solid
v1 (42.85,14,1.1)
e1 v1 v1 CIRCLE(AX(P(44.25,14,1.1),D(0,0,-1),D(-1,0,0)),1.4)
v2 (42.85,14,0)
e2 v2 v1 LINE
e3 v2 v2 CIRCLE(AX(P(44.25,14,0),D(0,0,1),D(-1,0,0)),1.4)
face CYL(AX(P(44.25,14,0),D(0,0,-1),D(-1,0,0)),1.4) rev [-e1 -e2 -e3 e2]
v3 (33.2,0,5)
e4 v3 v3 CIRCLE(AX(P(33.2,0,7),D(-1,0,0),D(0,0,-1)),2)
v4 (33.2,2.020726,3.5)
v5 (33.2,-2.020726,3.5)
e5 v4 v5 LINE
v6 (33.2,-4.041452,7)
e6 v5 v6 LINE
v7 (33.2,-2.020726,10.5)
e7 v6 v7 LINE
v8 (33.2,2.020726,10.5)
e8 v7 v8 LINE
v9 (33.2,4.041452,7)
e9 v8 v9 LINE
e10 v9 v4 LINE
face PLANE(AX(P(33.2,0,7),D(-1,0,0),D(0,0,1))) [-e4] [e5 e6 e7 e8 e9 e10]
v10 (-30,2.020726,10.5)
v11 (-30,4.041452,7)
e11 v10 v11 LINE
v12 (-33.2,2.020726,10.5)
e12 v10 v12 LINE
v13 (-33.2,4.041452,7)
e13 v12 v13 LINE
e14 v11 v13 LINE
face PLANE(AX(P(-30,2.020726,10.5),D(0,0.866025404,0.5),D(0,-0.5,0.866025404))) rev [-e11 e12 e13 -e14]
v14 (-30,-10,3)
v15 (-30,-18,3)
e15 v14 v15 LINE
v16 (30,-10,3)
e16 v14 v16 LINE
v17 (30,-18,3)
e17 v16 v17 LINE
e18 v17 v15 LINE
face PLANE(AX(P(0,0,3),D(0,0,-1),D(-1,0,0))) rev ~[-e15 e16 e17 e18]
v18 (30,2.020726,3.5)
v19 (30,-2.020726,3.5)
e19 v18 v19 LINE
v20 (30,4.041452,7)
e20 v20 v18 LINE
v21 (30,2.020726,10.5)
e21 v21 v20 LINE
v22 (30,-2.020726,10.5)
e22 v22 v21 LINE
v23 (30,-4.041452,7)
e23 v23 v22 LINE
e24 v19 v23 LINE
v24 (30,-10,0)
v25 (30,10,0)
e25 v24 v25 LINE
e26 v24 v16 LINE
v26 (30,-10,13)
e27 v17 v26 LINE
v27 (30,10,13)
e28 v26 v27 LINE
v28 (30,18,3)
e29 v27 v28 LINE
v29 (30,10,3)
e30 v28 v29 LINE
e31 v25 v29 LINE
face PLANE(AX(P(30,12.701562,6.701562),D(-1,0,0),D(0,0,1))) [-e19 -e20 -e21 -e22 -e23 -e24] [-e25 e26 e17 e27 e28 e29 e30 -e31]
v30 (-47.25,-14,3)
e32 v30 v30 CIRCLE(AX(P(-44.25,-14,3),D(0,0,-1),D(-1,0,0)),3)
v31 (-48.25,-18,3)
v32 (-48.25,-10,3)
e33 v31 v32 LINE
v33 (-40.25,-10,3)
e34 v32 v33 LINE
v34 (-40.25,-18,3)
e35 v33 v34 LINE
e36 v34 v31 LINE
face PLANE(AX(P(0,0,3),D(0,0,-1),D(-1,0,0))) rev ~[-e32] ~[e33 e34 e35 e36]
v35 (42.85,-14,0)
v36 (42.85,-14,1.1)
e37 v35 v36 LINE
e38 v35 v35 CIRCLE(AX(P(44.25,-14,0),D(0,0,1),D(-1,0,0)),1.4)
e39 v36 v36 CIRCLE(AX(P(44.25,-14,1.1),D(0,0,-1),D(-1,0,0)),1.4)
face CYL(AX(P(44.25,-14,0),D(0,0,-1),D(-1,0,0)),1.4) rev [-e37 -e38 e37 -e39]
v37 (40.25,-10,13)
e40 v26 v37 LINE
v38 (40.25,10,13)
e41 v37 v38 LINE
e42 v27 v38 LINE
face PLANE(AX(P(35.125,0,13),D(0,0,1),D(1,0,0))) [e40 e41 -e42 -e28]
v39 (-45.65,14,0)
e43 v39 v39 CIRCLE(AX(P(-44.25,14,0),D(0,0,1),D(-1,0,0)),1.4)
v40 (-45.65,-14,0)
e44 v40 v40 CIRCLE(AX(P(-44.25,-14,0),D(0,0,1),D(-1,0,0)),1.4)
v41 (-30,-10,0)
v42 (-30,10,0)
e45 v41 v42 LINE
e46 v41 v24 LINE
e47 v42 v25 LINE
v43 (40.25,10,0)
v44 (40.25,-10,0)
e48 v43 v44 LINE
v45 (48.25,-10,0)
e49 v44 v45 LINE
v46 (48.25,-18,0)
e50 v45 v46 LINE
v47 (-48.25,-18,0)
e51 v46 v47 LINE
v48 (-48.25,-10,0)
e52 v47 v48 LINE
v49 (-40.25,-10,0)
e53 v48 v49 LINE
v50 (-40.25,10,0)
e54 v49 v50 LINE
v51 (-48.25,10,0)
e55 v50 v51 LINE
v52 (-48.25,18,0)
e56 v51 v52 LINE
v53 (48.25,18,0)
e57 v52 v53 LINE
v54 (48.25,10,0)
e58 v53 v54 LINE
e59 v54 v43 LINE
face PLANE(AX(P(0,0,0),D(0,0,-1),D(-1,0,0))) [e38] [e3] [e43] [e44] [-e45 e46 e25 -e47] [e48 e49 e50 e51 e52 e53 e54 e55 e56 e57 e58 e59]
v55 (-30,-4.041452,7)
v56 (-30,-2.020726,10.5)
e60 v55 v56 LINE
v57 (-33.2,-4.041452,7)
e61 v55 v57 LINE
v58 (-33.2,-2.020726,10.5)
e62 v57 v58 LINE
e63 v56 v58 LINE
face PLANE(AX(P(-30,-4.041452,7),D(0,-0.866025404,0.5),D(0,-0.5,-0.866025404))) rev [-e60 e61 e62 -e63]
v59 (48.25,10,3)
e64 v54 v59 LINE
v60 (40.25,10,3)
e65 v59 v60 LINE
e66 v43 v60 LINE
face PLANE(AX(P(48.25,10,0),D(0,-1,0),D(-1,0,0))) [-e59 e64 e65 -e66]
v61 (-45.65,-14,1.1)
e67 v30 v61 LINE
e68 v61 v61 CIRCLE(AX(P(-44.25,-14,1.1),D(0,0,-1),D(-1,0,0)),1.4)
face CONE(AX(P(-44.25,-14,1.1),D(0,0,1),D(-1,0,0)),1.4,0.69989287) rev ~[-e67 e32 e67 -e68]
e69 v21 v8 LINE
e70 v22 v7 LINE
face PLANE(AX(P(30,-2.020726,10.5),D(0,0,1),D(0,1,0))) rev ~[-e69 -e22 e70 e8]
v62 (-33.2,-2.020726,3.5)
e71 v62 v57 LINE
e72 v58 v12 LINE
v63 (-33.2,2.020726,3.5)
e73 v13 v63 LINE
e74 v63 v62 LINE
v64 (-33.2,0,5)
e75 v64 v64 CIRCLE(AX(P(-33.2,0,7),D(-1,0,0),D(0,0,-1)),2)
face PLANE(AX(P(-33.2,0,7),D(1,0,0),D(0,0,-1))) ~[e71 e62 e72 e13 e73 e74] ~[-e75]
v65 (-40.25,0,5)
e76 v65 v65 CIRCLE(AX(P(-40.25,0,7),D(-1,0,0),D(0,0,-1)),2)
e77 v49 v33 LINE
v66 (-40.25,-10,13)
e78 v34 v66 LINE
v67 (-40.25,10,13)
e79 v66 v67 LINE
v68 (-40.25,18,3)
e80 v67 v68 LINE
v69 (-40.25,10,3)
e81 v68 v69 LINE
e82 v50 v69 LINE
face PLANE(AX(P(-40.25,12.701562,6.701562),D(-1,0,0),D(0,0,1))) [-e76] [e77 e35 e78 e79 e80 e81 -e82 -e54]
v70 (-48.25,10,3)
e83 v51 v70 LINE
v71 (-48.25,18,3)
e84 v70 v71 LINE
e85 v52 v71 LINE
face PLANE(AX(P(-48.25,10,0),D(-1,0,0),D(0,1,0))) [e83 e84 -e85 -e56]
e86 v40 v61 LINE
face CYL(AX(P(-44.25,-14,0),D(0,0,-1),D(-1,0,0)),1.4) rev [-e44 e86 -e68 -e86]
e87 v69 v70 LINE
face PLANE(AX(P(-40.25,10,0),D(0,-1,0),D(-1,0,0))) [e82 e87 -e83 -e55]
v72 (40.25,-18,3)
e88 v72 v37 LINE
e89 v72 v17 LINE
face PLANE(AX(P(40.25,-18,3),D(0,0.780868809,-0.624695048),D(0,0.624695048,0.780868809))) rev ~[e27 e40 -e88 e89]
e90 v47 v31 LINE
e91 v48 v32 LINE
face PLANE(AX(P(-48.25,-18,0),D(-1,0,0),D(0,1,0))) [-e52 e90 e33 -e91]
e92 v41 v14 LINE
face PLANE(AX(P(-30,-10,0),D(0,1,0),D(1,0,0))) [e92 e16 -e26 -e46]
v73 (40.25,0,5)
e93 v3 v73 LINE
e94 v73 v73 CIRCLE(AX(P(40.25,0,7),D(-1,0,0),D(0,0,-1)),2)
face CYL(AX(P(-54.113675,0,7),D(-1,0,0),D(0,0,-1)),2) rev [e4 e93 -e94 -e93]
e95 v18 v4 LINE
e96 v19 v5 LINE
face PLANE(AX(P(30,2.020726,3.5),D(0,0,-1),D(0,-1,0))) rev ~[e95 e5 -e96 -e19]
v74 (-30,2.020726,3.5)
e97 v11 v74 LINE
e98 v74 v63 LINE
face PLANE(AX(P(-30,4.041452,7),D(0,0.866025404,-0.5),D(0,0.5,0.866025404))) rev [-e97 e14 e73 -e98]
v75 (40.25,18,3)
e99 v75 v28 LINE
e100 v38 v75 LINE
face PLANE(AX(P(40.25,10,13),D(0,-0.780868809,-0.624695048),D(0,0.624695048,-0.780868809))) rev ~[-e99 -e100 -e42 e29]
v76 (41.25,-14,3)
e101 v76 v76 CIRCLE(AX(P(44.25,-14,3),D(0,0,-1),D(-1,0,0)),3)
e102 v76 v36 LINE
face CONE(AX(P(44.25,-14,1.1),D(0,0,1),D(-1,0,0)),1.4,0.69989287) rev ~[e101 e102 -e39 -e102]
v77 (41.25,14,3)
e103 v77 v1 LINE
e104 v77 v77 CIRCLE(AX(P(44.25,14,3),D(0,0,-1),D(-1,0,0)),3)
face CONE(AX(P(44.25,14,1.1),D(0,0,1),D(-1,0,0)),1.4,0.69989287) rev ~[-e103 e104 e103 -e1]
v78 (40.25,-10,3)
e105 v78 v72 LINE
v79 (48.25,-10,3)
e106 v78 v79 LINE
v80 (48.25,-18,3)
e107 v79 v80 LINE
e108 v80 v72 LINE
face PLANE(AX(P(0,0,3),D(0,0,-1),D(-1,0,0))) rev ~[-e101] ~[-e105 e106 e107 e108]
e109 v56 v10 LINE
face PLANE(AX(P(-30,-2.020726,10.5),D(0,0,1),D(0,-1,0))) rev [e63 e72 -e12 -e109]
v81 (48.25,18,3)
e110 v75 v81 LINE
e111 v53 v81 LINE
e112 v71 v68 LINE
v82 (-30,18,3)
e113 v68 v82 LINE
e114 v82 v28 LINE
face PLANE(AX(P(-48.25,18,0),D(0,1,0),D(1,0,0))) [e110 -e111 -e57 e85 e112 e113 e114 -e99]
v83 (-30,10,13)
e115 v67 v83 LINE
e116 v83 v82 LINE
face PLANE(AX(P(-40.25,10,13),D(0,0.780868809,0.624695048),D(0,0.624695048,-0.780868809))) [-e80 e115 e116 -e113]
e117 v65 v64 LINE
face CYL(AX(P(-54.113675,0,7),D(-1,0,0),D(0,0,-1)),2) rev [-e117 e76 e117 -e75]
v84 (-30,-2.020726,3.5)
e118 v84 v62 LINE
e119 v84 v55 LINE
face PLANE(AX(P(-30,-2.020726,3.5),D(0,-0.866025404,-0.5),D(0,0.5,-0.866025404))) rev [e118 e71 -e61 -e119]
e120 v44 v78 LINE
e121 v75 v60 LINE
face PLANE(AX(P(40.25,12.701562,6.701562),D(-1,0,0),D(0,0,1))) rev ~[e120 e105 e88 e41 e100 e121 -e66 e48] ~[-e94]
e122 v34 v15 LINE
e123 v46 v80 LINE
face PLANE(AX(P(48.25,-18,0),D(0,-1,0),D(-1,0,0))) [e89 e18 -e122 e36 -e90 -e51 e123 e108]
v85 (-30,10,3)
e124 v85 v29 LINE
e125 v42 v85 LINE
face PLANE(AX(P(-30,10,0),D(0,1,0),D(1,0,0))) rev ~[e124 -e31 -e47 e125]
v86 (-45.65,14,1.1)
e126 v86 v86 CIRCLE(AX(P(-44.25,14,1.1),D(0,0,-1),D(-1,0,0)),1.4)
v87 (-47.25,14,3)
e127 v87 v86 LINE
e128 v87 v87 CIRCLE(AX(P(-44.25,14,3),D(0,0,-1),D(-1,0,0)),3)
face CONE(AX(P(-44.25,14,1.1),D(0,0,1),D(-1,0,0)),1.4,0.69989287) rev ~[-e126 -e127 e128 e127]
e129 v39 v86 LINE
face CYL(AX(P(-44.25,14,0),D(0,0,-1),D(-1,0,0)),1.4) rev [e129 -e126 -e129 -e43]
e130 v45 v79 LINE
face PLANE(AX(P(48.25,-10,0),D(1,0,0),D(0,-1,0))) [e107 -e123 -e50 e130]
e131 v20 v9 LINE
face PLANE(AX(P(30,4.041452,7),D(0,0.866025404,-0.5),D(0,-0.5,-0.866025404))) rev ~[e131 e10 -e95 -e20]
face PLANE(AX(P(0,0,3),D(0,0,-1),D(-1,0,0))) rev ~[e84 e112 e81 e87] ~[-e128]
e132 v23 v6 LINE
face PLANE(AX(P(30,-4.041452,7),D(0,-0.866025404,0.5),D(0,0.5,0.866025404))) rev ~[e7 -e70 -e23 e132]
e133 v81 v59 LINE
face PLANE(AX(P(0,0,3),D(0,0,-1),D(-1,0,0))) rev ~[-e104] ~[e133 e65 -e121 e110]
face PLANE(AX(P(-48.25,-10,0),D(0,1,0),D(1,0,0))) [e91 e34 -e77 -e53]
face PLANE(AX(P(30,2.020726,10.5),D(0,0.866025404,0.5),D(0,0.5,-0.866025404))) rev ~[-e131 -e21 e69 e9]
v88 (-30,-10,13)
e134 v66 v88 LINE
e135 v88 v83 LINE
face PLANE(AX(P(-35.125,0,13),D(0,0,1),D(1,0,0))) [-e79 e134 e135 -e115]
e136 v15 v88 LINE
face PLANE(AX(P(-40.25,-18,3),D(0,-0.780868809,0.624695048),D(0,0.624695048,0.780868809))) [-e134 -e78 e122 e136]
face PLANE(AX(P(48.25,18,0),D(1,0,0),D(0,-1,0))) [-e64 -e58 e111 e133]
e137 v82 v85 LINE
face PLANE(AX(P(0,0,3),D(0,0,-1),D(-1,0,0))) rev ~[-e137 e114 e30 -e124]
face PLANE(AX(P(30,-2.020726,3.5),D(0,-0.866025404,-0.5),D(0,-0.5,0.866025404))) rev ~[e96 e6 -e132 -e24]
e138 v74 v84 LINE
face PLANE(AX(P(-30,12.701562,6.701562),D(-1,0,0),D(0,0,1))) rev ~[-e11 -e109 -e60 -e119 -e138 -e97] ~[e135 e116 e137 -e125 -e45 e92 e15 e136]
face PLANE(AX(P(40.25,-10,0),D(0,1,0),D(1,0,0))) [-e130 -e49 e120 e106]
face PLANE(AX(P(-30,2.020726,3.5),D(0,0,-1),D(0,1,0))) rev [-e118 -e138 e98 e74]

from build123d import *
from OCP.BRepFilletAPI import BRepFilletAPI_MakeChamfer

# Parameters (mm, degrees)
SKETCH_1_W               = 60
SKETCH_1_H               = 20
EXTRUDE_1_DEPTH          = 3
SKETCH_2_W               = 10.25
SKETCH_2_H               = 20
EXTRUDE_2_DEPTH          = 10
CUT_EXTRUDE_1_DEPTH      = 54.113675264
CUT_EXTRUDE_1_DEPTH_BACK = 54.113675264
SKETCH_3_R               = 2
SKETCH_4_R               = 1.4
CUT_EXTRUDE_2_DEPTH      = 54.113675264
EXTRUDE_3_DEPTH          = 10.25
EXTRUDE_4_DEPTH          = 10.25
CUT_EXTRUDE_3_DEPTH      = 3.2
CHAMFER_1_SIZE           = 1.6
CHAMFER_1_SIZE2          = 1.9


with BuildPart() as part:
    # 스케치1 → 보스-돌출1 (new body)
    with BuildSketch(Plane.XY):
        Polygon((-48.25, 18), (48.25, 18), (48.25, 10), (40.25, 10), (40.25, -10), (48.25, -10), (48.25, -18), (-48.25, -18), (-48.25, -10), (-40.25, -10), (-40.25, 10), (-48.25, 10), align=None)
        Rectangle(SKETCH_1_W, SKETCH_1_H, mode=Mode.SUBTRACT)
    extrude(amount=EXTRUDE_1_DEPTH)

    # 스케치2 → 보스-돌출2 (add)
    with BuildSketch(Plane.XY.offset(3)):
        with Locations((35.125, 0)):
            Rectangle(SKETCH_2_W, SKETCH_2_H)
        with Locations((-35.125, 0)):
            Rectangle(SKETCH_2_W, SKETCH_2_H)
    extrude(amount=EXTRUDE_2_DEPTH)

    # 스케치3 → 컷-돌출1 (cut, two sides: drawn at the far end of the back side and taken through both)
    with BuildSketch(Plane(origin=(0, 0, 0), x_dir=(0, 0, -1), z_dir=(1, 0, 0)).offset(-CUT_EXTRUDE_1_DEPTH_BACK)):
        with Locations((-7, 0)):
            Circle(SKETCH_3_R)
    extrude(amount=CUT_EXTRUDE_1_DEPTH + CUT_EXTRUDE_1_DEPTH_BACK, mode=Mode.SUBTRACT)

    # 스케치4 → 컷-돌출2 (cut, through all)
    with BuildSketch(Plane.XY):
        with Locations(Location((44.25, 14, 0), (0, 0, 180))):
            Circle(SKETCH_4_R)
        with Locations(Location((-44.25, 14, 0), (0, 0, 180))):
            Circle(SKETCH_4_R)
        with Locations(Location((44.25, -14, 0), (0, 0, 180))):
            Circle(SKETCH_4_R)
        with Locations(Location((-44.25, -14, 0), (0, 0, 180))):
            Circle(SKETCH_4_R)
    extrude(amount=CUT_EXTRUDE_2_DEPTH, mode=Mode.SUBTRACT)

    # 스케치5 → 보스-돌출3 (add)
    with BuildSketch(Plane(origin=(40.25, 0, 0), x_dir=(0, 0, -1), z_dir=(1, 0, 0))):
        Polygon((-13, 10), (-3, 18), (-3, 10), align=None)
        Polygon((-13, -10), (-3, -10), (-3, -18), align=None)
    extrude(amount=-EXTRUDE_3_DEPTH)

    # 스케치6 → 보스-돌출4 (add)
    with BuildSketch(Plane.ZY.offset(40.25)):
        Polygon((3, 18), (3, 10), (13, 10), align=None)
        Polygon((3, -10), (3, -18), (13, -10), align=None)
    extrude(amount=-EXTRUDE_4_DEPTH)

    # 스케치7 → 컷-돌출3 (cut)
    with BuildSketch(Plane.ZY.offset(-30)):
        Polygon((7, 4.041451884), (3.5, 2.020725942), (3.5, -2.020725942), (7, -4.041451884), (10.5, -2.020725942), (10.5, 2.020725942), align=None)
    cut_extrude_3 = extrude(amount=-CUT_EXTRUDE_3_DEPTH, mode=Mode.SUBTRACT)

    # 대칭 복사2: 컷-돌출3 across plane
    add(cut_extrude_3.mirror(Plane(origin=(0, 0, 0), x_dir=(0, 0, 1), z_dir=(1, 0, 0))), mode=Mode.SUBTRACT)

    # 모따기1: one chamfer whose edges measure the first distance from different faces: ONE call of the kernel's chamfer builder (chamfer() names one face for all edges)
    chamfer_1_edges_1 = [part.edges().sort_by_distance(p)[0] for p in [
        (45.65, -14, 3),
    ]]
    chamfer_1_side_1 = [part.faces().sort_by_distance(p)[0] for p in [
        (44.25, -17.886862915, 3),
    ]]
    chamfer_1_edges_2 = [part.edges().sort_by_distance(p)[0] for p in [
        (-42.85, -14, 3),
    ]]
    chamfer_1_side_2 = [part.faces().sort_by_distance(p)[0] for p in [
        (-44.25, -17.886862915, 3),
    ]]
    chamfer_1_edges_3 = [part.edges().sort_by_distance(p)[0] for p in [
        (45.65, 14, 3),
    ]]
    chamfer_1_side_3 = [part.faces().sort_by_distance(p)[0] for p in [
        (40.363137085, 14, 3),
    ]]
    chamfer_1_edges_4 = [part.edges().sort_by_distance(p)[0] for p in [
        (-42.85, 14, 3),
    ]]
    chamfer_1_side_4 = [part.faces().sort_by_distance(p)[0] for p in [
        (-40.363137085, 14, 3),
    ]]
    chamfer_1 = BRepFilletAPI_MakeChamfer(part.part.solid().wrapped)
    for e in chamfer_1_edges_1:
        chamfer_1.Add(CHAMFER_1_SIZE, CHAMFER_1_SIZE2, e.wrapped, chamfer_1_side_1[0].wrapped)  # the first distance lies on this face
    for e in chamfer_1_edges_2:
        chamfer_1.Add(CHAMFER_1_SIZE, CHAMFER_1_SIZE2, e.wrapped, chamfer_1_side_2[0].wrapped)  # the first distance lies on this face
    for e in chamfer_1_edges_3:
        chamfer_1.Add(CHAMFER_1_SIZE, CHAMFER_1_SIZE2, e.wrapped, chamfer_1_side_3[0].wrapped)  # the first distance lies on this face
    for e in chamfer_1_edges_4:
        chamfer_1.Add(CHAMFER_1_SIZE, CHAMFER_1_SIZE2, e.wrapped, chamfer_1_side_4[0].wrapped)  # the first distance lies on this face
    add(Compound.cast(chamfer_1.Shape()), mode=Mode.REPLACE)


solid = part.part
